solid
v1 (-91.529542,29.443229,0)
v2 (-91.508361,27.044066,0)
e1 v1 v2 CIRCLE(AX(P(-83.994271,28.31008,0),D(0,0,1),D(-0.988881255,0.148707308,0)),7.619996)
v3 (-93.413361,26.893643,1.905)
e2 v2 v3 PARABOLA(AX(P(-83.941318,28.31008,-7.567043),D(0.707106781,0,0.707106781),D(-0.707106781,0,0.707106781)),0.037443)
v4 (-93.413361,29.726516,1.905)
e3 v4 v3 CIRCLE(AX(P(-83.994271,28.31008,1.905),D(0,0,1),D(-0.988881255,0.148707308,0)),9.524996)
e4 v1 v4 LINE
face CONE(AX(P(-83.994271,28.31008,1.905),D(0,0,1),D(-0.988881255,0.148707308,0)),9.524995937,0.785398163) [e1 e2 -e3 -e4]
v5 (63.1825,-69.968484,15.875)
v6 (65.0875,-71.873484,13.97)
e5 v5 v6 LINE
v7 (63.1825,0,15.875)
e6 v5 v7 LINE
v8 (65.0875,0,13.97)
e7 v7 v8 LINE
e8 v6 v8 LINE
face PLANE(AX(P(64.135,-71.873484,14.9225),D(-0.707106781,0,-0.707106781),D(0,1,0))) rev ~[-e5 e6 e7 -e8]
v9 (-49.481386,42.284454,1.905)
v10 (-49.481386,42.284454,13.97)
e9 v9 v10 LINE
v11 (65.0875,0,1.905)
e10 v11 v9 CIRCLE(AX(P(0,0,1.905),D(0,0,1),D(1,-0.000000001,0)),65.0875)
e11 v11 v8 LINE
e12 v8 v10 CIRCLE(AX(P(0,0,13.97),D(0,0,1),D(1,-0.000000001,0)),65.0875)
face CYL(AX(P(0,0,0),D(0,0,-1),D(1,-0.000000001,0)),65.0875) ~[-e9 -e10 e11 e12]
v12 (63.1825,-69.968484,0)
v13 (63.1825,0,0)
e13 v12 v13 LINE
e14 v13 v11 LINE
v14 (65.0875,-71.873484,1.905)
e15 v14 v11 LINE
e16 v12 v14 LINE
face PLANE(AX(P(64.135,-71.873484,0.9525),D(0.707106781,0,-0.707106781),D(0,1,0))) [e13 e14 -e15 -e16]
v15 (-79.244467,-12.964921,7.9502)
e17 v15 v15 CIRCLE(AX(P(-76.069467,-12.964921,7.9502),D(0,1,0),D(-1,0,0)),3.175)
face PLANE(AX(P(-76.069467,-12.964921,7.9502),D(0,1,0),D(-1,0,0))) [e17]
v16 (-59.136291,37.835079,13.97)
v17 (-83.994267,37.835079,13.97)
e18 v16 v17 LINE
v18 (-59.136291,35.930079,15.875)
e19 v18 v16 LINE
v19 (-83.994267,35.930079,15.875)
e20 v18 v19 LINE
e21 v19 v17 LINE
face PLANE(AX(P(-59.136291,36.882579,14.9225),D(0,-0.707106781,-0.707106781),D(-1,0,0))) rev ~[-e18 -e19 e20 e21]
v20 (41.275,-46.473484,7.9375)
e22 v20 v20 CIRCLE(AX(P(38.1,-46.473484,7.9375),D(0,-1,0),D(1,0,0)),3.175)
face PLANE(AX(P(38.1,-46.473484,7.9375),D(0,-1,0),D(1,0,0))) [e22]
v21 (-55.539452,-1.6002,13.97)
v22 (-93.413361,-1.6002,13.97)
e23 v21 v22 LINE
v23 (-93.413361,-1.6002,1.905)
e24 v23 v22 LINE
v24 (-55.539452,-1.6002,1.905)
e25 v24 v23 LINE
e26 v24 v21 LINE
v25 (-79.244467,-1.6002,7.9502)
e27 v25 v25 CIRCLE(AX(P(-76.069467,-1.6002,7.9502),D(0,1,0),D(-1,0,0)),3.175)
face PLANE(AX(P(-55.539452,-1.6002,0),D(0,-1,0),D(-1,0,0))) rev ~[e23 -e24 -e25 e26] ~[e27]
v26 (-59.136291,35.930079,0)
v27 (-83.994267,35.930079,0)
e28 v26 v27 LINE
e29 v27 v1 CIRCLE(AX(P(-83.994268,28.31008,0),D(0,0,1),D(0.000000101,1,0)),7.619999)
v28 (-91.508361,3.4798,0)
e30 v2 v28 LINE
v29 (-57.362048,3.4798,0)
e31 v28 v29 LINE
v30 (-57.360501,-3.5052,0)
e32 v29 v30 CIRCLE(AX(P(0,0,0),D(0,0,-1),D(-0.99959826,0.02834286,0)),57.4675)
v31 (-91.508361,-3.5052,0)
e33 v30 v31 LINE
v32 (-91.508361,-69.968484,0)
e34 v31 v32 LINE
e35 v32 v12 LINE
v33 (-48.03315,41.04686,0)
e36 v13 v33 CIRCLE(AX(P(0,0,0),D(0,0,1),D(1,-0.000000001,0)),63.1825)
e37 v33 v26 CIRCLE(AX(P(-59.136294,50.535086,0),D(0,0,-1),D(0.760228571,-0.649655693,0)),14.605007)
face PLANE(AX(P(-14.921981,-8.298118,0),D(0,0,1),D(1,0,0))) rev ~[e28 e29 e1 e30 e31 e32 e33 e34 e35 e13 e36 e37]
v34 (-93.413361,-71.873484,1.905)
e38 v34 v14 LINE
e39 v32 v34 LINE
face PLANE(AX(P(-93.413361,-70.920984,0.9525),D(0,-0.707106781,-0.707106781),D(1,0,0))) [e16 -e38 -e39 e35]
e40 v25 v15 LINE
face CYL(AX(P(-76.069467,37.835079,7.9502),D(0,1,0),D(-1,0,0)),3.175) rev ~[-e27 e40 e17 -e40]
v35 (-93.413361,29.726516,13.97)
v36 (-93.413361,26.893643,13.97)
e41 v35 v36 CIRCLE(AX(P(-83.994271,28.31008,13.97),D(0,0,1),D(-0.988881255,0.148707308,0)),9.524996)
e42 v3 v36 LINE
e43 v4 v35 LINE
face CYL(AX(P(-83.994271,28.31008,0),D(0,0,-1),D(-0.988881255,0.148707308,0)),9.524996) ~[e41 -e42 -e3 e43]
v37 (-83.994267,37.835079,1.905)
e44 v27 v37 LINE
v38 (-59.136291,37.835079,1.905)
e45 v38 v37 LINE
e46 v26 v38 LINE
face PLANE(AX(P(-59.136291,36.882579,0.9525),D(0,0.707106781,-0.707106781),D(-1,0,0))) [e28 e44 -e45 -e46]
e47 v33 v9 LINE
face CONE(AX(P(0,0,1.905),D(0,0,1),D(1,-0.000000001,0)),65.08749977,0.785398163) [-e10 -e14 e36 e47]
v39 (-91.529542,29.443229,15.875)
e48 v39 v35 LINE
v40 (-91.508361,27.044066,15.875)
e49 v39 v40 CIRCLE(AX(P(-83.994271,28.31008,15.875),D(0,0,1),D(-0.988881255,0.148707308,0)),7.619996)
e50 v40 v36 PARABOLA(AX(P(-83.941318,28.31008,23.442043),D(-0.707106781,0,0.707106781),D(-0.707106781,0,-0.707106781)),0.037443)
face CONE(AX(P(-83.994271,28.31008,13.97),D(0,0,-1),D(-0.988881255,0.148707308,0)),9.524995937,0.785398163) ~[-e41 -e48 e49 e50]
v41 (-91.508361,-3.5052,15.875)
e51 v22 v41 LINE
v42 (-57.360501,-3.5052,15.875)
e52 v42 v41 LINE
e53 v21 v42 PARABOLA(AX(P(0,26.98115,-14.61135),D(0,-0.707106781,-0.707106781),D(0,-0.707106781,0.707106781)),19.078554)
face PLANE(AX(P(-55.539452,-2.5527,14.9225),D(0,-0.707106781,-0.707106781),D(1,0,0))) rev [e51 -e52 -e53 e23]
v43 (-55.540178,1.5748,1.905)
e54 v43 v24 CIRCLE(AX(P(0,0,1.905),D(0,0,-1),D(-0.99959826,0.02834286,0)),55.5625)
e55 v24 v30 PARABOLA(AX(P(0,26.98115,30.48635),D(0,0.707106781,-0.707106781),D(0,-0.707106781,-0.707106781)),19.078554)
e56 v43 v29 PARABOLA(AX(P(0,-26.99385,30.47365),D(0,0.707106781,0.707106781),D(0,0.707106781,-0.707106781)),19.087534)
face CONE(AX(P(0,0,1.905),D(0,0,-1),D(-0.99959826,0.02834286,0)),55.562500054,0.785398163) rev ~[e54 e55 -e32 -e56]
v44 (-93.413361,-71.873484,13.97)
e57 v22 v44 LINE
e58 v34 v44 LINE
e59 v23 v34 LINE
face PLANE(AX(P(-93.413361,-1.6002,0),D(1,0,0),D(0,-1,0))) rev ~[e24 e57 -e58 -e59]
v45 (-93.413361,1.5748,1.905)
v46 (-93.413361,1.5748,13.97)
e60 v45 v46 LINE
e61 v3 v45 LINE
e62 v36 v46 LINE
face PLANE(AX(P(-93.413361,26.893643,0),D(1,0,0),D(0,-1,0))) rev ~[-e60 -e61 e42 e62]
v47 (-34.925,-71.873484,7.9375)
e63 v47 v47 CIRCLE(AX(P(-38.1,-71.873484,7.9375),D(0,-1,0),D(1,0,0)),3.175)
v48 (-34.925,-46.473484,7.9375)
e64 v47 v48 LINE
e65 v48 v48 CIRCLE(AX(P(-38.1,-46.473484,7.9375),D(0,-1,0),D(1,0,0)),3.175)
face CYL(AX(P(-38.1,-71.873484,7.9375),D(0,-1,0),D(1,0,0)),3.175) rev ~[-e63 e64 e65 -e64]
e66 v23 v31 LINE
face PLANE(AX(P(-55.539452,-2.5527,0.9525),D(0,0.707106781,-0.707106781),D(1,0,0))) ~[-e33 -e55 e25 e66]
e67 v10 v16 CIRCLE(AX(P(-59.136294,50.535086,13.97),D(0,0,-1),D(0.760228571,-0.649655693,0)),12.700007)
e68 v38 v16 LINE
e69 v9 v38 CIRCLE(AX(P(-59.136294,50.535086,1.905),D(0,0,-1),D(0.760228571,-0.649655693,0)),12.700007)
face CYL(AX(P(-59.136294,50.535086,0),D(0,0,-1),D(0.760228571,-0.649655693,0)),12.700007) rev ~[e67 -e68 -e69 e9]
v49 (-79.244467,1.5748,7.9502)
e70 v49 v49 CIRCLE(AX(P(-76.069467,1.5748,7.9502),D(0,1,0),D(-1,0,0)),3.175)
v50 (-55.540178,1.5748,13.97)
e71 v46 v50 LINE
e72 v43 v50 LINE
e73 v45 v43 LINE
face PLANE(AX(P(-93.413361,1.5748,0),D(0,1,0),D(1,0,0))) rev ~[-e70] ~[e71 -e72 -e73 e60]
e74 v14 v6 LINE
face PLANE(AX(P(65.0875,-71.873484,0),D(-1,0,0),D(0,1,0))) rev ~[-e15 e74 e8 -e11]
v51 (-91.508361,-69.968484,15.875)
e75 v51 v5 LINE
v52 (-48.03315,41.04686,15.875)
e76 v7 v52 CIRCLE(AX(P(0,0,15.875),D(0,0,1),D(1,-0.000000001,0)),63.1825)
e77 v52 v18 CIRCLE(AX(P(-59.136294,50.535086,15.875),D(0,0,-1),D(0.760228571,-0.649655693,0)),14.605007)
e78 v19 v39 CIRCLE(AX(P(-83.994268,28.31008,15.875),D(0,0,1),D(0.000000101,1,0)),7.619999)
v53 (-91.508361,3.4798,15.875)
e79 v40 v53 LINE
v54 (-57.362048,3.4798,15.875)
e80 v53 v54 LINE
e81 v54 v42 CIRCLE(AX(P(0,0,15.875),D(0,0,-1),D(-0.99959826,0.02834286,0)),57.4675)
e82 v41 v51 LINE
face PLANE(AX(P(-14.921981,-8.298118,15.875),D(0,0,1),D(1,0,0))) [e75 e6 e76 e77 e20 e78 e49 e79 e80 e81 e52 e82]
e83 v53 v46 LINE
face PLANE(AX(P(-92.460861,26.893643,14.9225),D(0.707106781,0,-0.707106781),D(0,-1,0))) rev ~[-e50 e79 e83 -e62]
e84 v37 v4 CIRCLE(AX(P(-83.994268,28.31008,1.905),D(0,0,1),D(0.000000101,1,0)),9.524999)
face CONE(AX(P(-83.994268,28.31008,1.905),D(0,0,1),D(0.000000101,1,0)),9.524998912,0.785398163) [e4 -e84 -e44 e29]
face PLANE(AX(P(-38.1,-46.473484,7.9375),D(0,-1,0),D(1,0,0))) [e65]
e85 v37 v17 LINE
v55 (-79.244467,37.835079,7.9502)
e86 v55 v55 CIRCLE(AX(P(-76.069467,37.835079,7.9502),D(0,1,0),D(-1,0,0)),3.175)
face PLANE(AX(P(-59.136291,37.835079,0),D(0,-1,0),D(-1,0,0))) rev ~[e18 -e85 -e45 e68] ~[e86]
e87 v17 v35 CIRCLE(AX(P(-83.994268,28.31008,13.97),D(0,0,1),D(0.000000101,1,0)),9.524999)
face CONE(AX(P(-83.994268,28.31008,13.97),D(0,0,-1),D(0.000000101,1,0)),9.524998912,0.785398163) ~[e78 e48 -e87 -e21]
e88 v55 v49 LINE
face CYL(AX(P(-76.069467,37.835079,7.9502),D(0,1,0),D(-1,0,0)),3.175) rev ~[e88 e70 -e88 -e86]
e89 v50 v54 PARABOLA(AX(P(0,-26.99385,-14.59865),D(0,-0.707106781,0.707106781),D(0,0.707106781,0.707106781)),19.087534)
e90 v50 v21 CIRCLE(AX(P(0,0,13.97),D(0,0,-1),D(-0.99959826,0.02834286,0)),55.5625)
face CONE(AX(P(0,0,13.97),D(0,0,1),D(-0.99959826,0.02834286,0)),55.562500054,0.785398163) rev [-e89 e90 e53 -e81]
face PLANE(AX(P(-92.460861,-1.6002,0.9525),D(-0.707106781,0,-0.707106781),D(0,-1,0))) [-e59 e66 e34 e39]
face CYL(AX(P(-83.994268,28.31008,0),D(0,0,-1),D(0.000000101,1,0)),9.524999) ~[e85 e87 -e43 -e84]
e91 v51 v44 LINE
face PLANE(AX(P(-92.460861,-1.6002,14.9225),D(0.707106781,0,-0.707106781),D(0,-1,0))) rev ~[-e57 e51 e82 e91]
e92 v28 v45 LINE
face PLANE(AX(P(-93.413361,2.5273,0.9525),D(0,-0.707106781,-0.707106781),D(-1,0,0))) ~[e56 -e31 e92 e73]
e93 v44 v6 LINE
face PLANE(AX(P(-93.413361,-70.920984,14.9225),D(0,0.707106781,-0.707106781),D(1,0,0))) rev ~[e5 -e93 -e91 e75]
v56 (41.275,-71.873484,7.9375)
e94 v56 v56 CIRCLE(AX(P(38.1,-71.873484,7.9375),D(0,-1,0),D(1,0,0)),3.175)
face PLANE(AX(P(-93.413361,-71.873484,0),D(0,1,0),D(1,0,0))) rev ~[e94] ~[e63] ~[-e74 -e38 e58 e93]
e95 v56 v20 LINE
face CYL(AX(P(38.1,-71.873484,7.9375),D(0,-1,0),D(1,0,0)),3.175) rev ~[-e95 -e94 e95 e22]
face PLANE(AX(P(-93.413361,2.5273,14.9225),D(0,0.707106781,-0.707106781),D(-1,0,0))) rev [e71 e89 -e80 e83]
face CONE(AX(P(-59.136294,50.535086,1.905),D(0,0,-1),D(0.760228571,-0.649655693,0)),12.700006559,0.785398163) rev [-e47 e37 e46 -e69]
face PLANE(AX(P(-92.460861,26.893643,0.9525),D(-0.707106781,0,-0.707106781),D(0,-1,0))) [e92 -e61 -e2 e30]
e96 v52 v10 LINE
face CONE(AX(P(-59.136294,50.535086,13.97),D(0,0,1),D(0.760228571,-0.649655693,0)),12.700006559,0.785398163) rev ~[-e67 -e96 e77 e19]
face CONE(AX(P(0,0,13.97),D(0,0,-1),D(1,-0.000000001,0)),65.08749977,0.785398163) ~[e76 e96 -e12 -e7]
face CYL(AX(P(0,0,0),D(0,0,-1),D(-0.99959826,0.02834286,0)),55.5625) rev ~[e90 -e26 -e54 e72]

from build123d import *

# Parameters (mm, degrees)
F1_DEPTH = 15.875
F2_R     = 3.175
F3_DEPTH = 50.8
F4_R     = 3.175
F5_DEPTH = 25.4
F6_SIZE  = 1.905


with BuildPart() as f1:
    # F0 (on Top) → F1 (new body)
    with BuildSketch(Plane.XY):
        with BuildLine():
            ThreePointArc((-55.540178, 1.5748), (55.562499, 0.012705), (-55.539452, -1.6002))
            Line((-55.539452, -1.6002), (-93.413361, -1.6002))
            Line((-93.413361, -1.6002), (-93.413361, -71.873484))
            Line((-93.413361, -71.873484), (65.0875, -71.873484))
            Line((65.0875, -71.873484), (65.0875, 0))
            ThreePointArc((65.0875, 0), (22.536226, 61.061454), (-49.481386, 42.284454))
            ThreePointArc((-49.481386, 42.284454), (-53.820886, 39.000936), (-59.136291, 37.835079))
            Line((-59.136291, 37.835079), (-83.994267, 37.835079))
            ThreePointArc((-83.994267, 37.835079), (-90.208527, 35.528708), (-93.413361, 29.726516))
            Line((-93.413361, 29.726516), (-93.413361, 26.893643))
            Line((-93.413361, 26.893643), (-93.413361, 1.5748))
            Line((-93.413361, 1.5748), (-55.540178, 1.5748))
        make_face()
        with BuildLine():
            ThreePointArc((-93.413361, 29.726516), (-93.519267, 28.310079), (-93.413361, 26.893643))
            Line((-93.413361, 26.893643), (-93.413361, 29.726516))
        make_face()
    extrude(amount=F1_DEPTH)

    # F2 (on face) → F3 (cut)
    with BuildSketch(Plane(origin=(0, 37.835079, 0), x_dir=(-1, 0, 0), z_dir=(0, 1, 0))):
        with Locations((76.069467, 7.9502)):
            Circle(F2_R)
    extrude(amount=-F3_DEPTH, mode=Mode.SUBTRACT)

    # F4 (on face) → F5 (cut)
    with BuildSketch(Plane.XZ.offset(71.873484)):
        with Locations((-38.1, 7.9375)):
            Circle(F4_R)
        with Locations((38.1, 7.9375)):
            Circle(F4_R)
    extrude(amount=-F5_DEPTH, mode=Mode.SUBTRACT)

    # F6
    f6_edges = [f1.edges().sort_by_distance(p)[0] for p in [
        (55.562499, 0.012705, 15.875),
        (-74.476406, -1.6002, 15.875),
        (-93.413361, -36.736842, 15.875),
        (-14.16293, -71.873484, 15.875),
        (65.0875, -35.936742, 15.875),
        (22.536226, 61.061454, 15.875),
        (-53.820886, 39.000936, 15.875),
        (-71.565279, 37.835079, 15.875),
        (-91.212895, 34.52434, 15.875),
        (-93.413361, 14.234221, 15.875),
        (-74.476769, 1.5748, 15.875),
        (55.562499, 0.012705, 0),
        (-74.476406, -1.6002, 0),
        (-93.413361, -36.736842, 0),
        (-14.16293, -71.873484, 0),
        (65.0875, -35.936742, 0),
        (22.536226, 61.061454, 0),
        (-53.820886, 39.000936, 0),
        (-71.565279, 37.835079, 0),
        (-91.212895, 34.52434, 0),
        (-93.413361, 14.234221, 0),
        (-74.476769, 1.5748, 0),
    ]]
    chamfer(f6_edges, length=F6_SIZE)


solid = f1.part
